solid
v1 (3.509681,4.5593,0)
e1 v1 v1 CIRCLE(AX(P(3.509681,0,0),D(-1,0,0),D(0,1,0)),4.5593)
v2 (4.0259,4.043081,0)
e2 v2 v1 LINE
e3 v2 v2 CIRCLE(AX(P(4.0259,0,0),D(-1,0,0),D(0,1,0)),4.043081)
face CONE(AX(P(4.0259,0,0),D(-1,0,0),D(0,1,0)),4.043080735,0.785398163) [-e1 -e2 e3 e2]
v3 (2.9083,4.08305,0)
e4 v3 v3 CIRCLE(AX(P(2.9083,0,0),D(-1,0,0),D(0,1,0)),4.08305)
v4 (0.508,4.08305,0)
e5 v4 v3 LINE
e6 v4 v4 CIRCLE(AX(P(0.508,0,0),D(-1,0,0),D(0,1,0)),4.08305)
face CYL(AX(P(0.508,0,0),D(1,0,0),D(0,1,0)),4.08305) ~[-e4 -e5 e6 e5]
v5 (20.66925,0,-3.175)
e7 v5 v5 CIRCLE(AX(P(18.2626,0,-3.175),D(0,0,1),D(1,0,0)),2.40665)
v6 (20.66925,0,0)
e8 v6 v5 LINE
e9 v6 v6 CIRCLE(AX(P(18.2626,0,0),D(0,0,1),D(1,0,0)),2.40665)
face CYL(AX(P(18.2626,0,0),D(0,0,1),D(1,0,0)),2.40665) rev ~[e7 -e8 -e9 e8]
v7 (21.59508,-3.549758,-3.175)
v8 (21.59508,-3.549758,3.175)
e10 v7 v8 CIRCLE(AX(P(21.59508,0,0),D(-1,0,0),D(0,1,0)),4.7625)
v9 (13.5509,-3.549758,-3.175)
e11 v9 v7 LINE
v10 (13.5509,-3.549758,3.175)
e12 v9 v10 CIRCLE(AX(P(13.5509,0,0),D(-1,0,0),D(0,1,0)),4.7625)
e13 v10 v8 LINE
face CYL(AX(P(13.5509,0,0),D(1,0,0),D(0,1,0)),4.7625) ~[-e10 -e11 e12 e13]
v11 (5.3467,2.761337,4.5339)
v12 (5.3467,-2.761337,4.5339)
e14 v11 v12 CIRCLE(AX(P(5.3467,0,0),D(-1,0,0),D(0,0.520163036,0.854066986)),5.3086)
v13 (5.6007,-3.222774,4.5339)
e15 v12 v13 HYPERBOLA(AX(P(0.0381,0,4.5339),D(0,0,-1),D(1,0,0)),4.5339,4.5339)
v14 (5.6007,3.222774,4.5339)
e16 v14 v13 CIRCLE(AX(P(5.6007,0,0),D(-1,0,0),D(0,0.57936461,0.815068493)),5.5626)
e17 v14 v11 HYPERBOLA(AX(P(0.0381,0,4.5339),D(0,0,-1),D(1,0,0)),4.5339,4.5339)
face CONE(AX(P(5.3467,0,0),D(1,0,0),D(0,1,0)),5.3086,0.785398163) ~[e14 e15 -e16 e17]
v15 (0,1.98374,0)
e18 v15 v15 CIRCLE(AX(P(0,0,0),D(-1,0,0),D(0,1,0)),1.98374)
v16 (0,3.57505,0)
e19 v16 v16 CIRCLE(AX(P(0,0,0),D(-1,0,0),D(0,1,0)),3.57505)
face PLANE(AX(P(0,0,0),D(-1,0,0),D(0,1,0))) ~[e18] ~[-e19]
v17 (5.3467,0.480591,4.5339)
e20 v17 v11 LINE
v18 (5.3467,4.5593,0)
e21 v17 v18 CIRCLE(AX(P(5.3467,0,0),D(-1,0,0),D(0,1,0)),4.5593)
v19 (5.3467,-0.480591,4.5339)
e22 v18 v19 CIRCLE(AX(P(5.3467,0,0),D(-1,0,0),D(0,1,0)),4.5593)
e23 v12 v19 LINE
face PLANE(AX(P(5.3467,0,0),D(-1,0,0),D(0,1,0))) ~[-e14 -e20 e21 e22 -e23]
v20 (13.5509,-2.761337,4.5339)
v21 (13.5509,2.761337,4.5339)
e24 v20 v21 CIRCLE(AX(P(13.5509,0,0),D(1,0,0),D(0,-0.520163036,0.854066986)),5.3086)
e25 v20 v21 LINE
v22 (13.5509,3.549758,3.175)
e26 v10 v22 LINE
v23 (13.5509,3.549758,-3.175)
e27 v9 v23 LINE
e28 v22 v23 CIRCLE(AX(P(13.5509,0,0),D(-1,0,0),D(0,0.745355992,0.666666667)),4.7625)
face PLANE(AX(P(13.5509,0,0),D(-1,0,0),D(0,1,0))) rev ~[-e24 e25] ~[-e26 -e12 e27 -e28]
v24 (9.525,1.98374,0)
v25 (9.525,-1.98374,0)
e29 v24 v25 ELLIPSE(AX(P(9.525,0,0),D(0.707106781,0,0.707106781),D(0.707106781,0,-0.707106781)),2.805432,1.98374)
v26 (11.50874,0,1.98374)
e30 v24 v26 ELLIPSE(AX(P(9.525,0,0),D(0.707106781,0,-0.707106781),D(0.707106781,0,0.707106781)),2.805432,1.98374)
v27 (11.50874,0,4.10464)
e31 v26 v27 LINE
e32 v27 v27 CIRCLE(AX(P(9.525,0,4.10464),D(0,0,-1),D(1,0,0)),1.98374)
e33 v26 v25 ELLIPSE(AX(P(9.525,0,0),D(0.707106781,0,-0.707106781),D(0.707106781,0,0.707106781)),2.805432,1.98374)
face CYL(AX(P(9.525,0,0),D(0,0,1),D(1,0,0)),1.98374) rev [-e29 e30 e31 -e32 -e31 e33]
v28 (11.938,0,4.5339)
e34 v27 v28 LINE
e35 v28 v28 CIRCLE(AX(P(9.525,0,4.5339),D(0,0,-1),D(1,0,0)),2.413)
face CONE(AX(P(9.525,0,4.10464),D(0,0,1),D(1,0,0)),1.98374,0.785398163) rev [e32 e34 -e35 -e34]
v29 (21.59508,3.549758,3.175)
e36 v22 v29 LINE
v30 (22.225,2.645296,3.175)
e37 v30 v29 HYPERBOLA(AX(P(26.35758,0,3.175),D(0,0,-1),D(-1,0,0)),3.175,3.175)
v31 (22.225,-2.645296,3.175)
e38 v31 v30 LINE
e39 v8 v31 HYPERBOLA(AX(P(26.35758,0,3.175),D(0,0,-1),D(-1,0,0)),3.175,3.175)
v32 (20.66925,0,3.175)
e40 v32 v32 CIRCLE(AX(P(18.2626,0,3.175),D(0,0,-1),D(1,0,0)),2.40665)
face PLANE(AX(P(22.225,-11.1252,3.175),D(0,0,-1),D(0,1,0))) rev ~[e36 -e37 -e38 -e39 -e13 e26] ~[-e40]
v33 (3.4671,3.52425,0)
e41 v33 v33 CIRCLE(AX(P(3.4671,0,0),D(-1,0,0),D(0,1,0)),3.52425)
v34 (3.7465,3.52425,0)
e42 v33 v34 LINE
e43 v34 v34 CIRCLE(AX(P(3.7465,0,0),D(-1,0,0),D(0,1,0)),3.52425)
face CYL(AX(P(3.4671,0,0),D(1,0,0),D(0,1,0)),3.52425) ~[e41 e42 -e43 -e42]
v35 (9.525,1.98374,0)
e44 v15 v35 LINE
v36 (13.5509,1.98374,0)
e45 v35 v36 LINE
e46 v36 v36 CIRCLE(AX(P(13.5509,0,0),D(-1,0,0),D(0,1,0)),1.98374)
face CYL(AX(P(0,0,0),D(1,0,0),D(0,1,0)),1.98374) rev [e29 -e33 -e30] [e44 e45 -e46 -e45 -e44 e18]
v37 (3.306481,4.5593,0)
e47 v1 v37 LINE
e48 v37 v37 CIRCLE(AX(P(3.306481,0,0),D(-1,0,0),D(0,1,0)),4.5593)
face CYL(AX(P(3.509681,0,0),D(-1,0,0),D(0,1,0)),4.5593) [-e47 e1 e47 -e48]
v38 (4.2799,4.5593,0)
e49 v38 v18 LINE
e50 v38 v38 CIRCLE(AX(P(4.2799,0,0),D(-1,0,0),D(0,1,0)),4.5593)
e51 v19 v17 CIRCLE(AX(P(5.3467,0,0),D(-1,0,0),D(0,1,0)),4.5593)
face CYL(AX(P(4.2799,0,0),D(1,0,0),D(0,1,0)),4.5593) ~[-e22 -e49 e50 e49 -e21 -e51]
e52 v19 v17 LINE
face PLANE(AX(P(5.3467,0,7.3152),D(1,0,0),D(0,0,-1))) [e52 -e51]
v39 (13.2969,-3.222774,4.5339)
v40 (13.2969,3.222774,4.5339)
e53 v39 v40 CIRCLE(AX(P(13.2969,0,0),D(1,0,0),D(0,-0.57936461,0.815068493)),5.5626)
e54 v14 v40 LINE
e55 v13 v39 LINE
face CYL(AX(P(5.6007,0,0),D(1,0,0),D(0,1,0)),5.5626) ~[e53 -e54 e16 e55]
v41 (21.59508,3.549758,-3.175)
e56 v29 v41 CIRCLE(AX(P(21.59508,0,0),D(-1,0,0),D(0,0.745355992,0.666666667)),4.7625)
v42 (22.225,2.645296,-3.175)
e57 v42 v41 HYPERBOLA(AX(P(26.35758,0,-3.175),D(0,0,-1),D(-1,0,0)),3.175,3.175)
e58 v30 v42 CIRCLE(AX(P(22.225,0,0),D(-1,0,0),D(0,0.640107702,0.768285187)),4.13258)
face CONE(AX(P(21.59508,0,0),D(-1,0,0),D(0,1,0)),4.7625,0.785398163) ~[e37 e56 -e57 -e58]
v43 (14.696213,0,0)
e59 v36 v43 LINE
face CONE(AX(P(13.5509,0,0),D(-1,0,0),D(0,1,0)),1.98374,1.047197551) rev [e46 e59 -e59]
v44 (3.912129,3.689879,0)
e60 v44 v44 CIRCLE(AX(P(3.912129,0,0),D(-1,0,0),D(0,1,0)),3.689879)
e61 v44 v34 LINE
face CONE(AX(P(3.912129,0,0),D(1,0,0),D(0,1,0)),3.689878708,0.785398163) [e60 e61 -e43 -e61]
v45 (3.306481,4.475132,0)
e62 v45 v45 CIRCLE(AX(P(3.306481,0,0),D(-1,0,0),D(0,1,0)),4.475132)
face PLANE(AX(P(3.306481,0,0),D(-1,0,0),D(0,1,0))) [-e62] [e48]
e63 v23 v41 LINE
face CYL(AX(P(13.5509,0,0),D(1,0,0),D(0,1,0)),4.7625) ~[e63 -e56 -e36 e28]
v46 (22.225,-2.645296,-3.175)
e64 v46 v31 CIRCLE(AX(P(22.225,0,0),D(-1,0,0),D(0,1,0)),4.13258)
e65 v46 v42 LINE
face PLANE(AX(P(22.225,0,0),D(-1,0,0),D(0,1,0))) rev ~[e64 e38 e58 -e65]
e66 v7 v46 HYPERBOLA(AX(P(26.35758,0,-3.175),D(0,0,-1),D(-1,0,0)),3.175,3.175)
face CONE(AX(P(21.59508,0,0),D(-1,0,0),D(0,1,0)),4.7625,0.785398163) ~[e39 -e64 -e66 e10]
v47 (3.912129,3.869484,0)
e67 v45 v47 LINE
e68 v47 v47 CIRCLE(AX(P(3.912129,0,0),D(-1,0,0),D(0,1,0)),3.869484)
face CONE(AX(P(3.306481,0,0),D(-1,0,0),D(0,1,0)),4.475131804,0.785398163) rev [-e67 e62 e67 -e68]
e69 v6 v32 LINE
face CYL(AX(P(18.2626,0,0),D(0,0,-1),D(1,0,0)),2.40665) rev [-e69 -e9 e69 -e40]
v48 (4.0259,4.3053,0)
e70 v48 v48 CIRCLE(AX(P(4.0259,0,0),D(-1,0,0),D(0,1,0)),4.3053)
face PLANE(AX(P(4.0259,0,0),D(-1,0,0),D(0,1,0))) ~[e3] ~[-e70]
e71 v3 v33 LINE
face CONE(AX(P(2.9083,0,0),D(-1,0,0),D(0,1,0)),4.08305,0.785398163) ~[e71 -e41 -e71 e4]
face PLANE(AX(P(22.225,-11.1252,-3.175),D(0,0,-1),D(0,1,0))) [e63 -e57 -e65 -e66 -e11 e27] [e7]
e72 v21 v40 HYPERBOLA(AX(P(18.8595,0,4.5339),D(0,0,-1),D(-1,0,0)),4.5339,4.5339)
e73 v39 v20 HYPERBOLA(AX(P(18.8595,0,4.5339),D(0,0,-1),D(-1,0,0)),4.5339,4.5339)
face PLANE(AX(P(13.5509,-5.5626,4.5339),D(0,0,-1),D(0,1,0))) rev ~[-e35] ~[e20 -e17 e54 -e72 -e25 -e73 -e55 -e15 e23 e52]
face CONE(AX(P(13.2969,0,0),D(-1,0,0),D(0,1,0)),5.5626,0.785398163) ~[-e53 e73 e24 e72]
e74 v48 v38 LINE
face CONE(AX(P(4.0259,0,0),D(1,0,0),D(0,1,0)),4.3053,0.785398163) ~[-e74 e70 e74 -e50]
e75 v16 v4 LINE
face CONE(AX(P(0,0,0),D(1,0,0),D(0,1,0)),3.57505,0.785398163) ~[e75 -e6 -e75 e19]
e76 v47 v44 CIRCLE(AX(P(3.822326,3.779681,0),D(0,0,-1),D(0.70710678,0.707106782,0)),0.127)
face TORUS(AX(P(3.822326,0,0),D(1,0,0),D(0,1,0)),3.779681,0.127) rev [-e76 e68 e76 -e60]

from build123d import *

# Parameters (mm, degrees)
SKETCH3_W               = 22.2504
SKETCH3_H               = 44.5008
SKETCH3_W_2             = 6.35
SKETCH3_H_2             = 22.2504
CUT_EXTRUDE1_DEPTH      = 8.6741
SKETCH4_W               = 5.5626
SKETCH4_H               = 11.1252
CUT_EXTRUDE2_DEPTH      = 8.2042
SKETCH8_R               = 2.40665
CUT_EXTRUDE3_DEPTH      = 4.7625
CUT_EXTRUDE3_DEPTH_BACK = 4.7625


with BuildPart() as part:
    # Sketch1 → Revolve1 (revolve)
    with BuildSketch(Plane.XY):
        Polygon((0, 0), (0, 3.57505), (0.508, 4.08305), (2.9083, 4.08305), (3.4671, 3.52425), (4.0259, 3.52425), (4.0259, 4.3053), (4.2799, 4.5593), (5.3467, 4.5593), (5.3467, 5.3086), (5.6007, 5.5626), (13.2969, 5.5626), (13.5509, 5.3086), (13.5509, 0), align=None)
    revolve(axis=Axis((13.5509, 0, 0), (-1, 0, 0)))

    # Sketch2 → Revolve2 (revolve)
    with BuildSketch(Plane.XY):
        Polygon((13.5509, 0), (13.5509, 4.7625), (21.59508, 4.7625), (22.225, 4.13258), (22.225, 0), align=None)
    revolve(axis=Axis((22.225, 0, 0), (-1, 0, 0)))

    # Sketch3 → Cut-Extrude1 (cut)
    with BuildSketch(Plane(origin=(22.225, 0, 0), x_dir=(0, 0, -1), z_dir=(1, 0, 0))):
        Rectangle(SKETCH3_W, SKETCH3_H)
        Rectangle(SKETCH3_W_2, SKETCH3_H_2, mode=Mode.SUBTRACT)
    extrude(amount=-CUT_EXTRUDE1_DEPTH, mode=Mode.SUBTRACT)

    # Sketch4 → Cut-Extrude2 (cut)
    with BuildSketch(Plane(origin=(13.5509, 0, 0), x_dir=(0, 0, -1), z_dir=(1, 0, 0))):
        with Locations((-7.3152, 0)):
            Rectangle(SKETCH4_W, SKETCH4_H)
    extrude(amount=-CUT_EXTRUDE2_DEPTH, mode=Mode.SUBTRACT)

    # Sketch5 → Cut-Revolve1 (revolve, cut)
    with BuildSketch(Plane.XY):
        Polygon((0, 0), (0, 1.98374), (13.5509, 1.98374), (14.696212823, 0), align=None)
    revolve(axis=Axis((14.696212823, 0, 0), (-1, 0, 0)), mode=Mode.SUBTRACT)

    # Sketch6 → Cut-Revolve2 (revolve, cut)
    with BuildSketch(Plane(origin=(0, 0, 0), x_dir=(1, 0, 0), z_dir=(0, 1, 0))):
        Polygon((9.525, 0), (11.50874, 0), (11.50874, -4.10464), (11.938, -4.5339), (9.525, -4.5339), align=None)
    revolve(axis=Axis((9.525, 0, 4.5339), (0, 0, -1)), mode=Mode.SUBTRACT)

    # Sketch7 → Revolve3 (revolve)
    with BuildSketch(Plane.XY):
        with BuildLine():
            Line((3.306480735, 4.5593), (3.306480735, 4.475131804))
            Line((3.306480735, 4.475131804), (3.912128708, 3.869483831))
            ThreePointArc((3.912128708, 3.869483831), (3.949326147, 3.779681269), (3.912128708, 3.689878708))
            Line((3.912128708, 3.689878708), (3.7465, 3.52425))
            Line((3.7465, 3.52425), (3.4671, 3.52425))
            Line((3.4671, 3.52425), (3.4671, 3.27025))
            Line((3.4671, 3.27025), (4.0259, 3.27025))
            Line((4.0259, 3.27025), (4.0259, 4.043080735))
            Line((4.0259, 4.043080735), (3.509680735, 4.5593))
            Line((3.509680735, 4.5593), (3.306480735, 4.5593))
        make_face()
    revolve(axis=Axis((4.0259, 0, 0), (-1, 0, 0)))

    # Sketch8 → Cut-Extrude3 (cut, two sides)
    with BuildSketch(Plane.XY) as cut_extrude3_sk:
        with Locations((18.2626, 0)):
            Circle(SKETCH8_R)
    extrude(amount=CUT_EXTRUDE3_DEPTH, mode=Mode.SUBTRACT)
    extrude(cut_extrude3_sk.sketch, amount=-CUT_EXTRUDE3_DEPTH_BACK, mode=Mode.SUBTRACT)


solid = part.part
